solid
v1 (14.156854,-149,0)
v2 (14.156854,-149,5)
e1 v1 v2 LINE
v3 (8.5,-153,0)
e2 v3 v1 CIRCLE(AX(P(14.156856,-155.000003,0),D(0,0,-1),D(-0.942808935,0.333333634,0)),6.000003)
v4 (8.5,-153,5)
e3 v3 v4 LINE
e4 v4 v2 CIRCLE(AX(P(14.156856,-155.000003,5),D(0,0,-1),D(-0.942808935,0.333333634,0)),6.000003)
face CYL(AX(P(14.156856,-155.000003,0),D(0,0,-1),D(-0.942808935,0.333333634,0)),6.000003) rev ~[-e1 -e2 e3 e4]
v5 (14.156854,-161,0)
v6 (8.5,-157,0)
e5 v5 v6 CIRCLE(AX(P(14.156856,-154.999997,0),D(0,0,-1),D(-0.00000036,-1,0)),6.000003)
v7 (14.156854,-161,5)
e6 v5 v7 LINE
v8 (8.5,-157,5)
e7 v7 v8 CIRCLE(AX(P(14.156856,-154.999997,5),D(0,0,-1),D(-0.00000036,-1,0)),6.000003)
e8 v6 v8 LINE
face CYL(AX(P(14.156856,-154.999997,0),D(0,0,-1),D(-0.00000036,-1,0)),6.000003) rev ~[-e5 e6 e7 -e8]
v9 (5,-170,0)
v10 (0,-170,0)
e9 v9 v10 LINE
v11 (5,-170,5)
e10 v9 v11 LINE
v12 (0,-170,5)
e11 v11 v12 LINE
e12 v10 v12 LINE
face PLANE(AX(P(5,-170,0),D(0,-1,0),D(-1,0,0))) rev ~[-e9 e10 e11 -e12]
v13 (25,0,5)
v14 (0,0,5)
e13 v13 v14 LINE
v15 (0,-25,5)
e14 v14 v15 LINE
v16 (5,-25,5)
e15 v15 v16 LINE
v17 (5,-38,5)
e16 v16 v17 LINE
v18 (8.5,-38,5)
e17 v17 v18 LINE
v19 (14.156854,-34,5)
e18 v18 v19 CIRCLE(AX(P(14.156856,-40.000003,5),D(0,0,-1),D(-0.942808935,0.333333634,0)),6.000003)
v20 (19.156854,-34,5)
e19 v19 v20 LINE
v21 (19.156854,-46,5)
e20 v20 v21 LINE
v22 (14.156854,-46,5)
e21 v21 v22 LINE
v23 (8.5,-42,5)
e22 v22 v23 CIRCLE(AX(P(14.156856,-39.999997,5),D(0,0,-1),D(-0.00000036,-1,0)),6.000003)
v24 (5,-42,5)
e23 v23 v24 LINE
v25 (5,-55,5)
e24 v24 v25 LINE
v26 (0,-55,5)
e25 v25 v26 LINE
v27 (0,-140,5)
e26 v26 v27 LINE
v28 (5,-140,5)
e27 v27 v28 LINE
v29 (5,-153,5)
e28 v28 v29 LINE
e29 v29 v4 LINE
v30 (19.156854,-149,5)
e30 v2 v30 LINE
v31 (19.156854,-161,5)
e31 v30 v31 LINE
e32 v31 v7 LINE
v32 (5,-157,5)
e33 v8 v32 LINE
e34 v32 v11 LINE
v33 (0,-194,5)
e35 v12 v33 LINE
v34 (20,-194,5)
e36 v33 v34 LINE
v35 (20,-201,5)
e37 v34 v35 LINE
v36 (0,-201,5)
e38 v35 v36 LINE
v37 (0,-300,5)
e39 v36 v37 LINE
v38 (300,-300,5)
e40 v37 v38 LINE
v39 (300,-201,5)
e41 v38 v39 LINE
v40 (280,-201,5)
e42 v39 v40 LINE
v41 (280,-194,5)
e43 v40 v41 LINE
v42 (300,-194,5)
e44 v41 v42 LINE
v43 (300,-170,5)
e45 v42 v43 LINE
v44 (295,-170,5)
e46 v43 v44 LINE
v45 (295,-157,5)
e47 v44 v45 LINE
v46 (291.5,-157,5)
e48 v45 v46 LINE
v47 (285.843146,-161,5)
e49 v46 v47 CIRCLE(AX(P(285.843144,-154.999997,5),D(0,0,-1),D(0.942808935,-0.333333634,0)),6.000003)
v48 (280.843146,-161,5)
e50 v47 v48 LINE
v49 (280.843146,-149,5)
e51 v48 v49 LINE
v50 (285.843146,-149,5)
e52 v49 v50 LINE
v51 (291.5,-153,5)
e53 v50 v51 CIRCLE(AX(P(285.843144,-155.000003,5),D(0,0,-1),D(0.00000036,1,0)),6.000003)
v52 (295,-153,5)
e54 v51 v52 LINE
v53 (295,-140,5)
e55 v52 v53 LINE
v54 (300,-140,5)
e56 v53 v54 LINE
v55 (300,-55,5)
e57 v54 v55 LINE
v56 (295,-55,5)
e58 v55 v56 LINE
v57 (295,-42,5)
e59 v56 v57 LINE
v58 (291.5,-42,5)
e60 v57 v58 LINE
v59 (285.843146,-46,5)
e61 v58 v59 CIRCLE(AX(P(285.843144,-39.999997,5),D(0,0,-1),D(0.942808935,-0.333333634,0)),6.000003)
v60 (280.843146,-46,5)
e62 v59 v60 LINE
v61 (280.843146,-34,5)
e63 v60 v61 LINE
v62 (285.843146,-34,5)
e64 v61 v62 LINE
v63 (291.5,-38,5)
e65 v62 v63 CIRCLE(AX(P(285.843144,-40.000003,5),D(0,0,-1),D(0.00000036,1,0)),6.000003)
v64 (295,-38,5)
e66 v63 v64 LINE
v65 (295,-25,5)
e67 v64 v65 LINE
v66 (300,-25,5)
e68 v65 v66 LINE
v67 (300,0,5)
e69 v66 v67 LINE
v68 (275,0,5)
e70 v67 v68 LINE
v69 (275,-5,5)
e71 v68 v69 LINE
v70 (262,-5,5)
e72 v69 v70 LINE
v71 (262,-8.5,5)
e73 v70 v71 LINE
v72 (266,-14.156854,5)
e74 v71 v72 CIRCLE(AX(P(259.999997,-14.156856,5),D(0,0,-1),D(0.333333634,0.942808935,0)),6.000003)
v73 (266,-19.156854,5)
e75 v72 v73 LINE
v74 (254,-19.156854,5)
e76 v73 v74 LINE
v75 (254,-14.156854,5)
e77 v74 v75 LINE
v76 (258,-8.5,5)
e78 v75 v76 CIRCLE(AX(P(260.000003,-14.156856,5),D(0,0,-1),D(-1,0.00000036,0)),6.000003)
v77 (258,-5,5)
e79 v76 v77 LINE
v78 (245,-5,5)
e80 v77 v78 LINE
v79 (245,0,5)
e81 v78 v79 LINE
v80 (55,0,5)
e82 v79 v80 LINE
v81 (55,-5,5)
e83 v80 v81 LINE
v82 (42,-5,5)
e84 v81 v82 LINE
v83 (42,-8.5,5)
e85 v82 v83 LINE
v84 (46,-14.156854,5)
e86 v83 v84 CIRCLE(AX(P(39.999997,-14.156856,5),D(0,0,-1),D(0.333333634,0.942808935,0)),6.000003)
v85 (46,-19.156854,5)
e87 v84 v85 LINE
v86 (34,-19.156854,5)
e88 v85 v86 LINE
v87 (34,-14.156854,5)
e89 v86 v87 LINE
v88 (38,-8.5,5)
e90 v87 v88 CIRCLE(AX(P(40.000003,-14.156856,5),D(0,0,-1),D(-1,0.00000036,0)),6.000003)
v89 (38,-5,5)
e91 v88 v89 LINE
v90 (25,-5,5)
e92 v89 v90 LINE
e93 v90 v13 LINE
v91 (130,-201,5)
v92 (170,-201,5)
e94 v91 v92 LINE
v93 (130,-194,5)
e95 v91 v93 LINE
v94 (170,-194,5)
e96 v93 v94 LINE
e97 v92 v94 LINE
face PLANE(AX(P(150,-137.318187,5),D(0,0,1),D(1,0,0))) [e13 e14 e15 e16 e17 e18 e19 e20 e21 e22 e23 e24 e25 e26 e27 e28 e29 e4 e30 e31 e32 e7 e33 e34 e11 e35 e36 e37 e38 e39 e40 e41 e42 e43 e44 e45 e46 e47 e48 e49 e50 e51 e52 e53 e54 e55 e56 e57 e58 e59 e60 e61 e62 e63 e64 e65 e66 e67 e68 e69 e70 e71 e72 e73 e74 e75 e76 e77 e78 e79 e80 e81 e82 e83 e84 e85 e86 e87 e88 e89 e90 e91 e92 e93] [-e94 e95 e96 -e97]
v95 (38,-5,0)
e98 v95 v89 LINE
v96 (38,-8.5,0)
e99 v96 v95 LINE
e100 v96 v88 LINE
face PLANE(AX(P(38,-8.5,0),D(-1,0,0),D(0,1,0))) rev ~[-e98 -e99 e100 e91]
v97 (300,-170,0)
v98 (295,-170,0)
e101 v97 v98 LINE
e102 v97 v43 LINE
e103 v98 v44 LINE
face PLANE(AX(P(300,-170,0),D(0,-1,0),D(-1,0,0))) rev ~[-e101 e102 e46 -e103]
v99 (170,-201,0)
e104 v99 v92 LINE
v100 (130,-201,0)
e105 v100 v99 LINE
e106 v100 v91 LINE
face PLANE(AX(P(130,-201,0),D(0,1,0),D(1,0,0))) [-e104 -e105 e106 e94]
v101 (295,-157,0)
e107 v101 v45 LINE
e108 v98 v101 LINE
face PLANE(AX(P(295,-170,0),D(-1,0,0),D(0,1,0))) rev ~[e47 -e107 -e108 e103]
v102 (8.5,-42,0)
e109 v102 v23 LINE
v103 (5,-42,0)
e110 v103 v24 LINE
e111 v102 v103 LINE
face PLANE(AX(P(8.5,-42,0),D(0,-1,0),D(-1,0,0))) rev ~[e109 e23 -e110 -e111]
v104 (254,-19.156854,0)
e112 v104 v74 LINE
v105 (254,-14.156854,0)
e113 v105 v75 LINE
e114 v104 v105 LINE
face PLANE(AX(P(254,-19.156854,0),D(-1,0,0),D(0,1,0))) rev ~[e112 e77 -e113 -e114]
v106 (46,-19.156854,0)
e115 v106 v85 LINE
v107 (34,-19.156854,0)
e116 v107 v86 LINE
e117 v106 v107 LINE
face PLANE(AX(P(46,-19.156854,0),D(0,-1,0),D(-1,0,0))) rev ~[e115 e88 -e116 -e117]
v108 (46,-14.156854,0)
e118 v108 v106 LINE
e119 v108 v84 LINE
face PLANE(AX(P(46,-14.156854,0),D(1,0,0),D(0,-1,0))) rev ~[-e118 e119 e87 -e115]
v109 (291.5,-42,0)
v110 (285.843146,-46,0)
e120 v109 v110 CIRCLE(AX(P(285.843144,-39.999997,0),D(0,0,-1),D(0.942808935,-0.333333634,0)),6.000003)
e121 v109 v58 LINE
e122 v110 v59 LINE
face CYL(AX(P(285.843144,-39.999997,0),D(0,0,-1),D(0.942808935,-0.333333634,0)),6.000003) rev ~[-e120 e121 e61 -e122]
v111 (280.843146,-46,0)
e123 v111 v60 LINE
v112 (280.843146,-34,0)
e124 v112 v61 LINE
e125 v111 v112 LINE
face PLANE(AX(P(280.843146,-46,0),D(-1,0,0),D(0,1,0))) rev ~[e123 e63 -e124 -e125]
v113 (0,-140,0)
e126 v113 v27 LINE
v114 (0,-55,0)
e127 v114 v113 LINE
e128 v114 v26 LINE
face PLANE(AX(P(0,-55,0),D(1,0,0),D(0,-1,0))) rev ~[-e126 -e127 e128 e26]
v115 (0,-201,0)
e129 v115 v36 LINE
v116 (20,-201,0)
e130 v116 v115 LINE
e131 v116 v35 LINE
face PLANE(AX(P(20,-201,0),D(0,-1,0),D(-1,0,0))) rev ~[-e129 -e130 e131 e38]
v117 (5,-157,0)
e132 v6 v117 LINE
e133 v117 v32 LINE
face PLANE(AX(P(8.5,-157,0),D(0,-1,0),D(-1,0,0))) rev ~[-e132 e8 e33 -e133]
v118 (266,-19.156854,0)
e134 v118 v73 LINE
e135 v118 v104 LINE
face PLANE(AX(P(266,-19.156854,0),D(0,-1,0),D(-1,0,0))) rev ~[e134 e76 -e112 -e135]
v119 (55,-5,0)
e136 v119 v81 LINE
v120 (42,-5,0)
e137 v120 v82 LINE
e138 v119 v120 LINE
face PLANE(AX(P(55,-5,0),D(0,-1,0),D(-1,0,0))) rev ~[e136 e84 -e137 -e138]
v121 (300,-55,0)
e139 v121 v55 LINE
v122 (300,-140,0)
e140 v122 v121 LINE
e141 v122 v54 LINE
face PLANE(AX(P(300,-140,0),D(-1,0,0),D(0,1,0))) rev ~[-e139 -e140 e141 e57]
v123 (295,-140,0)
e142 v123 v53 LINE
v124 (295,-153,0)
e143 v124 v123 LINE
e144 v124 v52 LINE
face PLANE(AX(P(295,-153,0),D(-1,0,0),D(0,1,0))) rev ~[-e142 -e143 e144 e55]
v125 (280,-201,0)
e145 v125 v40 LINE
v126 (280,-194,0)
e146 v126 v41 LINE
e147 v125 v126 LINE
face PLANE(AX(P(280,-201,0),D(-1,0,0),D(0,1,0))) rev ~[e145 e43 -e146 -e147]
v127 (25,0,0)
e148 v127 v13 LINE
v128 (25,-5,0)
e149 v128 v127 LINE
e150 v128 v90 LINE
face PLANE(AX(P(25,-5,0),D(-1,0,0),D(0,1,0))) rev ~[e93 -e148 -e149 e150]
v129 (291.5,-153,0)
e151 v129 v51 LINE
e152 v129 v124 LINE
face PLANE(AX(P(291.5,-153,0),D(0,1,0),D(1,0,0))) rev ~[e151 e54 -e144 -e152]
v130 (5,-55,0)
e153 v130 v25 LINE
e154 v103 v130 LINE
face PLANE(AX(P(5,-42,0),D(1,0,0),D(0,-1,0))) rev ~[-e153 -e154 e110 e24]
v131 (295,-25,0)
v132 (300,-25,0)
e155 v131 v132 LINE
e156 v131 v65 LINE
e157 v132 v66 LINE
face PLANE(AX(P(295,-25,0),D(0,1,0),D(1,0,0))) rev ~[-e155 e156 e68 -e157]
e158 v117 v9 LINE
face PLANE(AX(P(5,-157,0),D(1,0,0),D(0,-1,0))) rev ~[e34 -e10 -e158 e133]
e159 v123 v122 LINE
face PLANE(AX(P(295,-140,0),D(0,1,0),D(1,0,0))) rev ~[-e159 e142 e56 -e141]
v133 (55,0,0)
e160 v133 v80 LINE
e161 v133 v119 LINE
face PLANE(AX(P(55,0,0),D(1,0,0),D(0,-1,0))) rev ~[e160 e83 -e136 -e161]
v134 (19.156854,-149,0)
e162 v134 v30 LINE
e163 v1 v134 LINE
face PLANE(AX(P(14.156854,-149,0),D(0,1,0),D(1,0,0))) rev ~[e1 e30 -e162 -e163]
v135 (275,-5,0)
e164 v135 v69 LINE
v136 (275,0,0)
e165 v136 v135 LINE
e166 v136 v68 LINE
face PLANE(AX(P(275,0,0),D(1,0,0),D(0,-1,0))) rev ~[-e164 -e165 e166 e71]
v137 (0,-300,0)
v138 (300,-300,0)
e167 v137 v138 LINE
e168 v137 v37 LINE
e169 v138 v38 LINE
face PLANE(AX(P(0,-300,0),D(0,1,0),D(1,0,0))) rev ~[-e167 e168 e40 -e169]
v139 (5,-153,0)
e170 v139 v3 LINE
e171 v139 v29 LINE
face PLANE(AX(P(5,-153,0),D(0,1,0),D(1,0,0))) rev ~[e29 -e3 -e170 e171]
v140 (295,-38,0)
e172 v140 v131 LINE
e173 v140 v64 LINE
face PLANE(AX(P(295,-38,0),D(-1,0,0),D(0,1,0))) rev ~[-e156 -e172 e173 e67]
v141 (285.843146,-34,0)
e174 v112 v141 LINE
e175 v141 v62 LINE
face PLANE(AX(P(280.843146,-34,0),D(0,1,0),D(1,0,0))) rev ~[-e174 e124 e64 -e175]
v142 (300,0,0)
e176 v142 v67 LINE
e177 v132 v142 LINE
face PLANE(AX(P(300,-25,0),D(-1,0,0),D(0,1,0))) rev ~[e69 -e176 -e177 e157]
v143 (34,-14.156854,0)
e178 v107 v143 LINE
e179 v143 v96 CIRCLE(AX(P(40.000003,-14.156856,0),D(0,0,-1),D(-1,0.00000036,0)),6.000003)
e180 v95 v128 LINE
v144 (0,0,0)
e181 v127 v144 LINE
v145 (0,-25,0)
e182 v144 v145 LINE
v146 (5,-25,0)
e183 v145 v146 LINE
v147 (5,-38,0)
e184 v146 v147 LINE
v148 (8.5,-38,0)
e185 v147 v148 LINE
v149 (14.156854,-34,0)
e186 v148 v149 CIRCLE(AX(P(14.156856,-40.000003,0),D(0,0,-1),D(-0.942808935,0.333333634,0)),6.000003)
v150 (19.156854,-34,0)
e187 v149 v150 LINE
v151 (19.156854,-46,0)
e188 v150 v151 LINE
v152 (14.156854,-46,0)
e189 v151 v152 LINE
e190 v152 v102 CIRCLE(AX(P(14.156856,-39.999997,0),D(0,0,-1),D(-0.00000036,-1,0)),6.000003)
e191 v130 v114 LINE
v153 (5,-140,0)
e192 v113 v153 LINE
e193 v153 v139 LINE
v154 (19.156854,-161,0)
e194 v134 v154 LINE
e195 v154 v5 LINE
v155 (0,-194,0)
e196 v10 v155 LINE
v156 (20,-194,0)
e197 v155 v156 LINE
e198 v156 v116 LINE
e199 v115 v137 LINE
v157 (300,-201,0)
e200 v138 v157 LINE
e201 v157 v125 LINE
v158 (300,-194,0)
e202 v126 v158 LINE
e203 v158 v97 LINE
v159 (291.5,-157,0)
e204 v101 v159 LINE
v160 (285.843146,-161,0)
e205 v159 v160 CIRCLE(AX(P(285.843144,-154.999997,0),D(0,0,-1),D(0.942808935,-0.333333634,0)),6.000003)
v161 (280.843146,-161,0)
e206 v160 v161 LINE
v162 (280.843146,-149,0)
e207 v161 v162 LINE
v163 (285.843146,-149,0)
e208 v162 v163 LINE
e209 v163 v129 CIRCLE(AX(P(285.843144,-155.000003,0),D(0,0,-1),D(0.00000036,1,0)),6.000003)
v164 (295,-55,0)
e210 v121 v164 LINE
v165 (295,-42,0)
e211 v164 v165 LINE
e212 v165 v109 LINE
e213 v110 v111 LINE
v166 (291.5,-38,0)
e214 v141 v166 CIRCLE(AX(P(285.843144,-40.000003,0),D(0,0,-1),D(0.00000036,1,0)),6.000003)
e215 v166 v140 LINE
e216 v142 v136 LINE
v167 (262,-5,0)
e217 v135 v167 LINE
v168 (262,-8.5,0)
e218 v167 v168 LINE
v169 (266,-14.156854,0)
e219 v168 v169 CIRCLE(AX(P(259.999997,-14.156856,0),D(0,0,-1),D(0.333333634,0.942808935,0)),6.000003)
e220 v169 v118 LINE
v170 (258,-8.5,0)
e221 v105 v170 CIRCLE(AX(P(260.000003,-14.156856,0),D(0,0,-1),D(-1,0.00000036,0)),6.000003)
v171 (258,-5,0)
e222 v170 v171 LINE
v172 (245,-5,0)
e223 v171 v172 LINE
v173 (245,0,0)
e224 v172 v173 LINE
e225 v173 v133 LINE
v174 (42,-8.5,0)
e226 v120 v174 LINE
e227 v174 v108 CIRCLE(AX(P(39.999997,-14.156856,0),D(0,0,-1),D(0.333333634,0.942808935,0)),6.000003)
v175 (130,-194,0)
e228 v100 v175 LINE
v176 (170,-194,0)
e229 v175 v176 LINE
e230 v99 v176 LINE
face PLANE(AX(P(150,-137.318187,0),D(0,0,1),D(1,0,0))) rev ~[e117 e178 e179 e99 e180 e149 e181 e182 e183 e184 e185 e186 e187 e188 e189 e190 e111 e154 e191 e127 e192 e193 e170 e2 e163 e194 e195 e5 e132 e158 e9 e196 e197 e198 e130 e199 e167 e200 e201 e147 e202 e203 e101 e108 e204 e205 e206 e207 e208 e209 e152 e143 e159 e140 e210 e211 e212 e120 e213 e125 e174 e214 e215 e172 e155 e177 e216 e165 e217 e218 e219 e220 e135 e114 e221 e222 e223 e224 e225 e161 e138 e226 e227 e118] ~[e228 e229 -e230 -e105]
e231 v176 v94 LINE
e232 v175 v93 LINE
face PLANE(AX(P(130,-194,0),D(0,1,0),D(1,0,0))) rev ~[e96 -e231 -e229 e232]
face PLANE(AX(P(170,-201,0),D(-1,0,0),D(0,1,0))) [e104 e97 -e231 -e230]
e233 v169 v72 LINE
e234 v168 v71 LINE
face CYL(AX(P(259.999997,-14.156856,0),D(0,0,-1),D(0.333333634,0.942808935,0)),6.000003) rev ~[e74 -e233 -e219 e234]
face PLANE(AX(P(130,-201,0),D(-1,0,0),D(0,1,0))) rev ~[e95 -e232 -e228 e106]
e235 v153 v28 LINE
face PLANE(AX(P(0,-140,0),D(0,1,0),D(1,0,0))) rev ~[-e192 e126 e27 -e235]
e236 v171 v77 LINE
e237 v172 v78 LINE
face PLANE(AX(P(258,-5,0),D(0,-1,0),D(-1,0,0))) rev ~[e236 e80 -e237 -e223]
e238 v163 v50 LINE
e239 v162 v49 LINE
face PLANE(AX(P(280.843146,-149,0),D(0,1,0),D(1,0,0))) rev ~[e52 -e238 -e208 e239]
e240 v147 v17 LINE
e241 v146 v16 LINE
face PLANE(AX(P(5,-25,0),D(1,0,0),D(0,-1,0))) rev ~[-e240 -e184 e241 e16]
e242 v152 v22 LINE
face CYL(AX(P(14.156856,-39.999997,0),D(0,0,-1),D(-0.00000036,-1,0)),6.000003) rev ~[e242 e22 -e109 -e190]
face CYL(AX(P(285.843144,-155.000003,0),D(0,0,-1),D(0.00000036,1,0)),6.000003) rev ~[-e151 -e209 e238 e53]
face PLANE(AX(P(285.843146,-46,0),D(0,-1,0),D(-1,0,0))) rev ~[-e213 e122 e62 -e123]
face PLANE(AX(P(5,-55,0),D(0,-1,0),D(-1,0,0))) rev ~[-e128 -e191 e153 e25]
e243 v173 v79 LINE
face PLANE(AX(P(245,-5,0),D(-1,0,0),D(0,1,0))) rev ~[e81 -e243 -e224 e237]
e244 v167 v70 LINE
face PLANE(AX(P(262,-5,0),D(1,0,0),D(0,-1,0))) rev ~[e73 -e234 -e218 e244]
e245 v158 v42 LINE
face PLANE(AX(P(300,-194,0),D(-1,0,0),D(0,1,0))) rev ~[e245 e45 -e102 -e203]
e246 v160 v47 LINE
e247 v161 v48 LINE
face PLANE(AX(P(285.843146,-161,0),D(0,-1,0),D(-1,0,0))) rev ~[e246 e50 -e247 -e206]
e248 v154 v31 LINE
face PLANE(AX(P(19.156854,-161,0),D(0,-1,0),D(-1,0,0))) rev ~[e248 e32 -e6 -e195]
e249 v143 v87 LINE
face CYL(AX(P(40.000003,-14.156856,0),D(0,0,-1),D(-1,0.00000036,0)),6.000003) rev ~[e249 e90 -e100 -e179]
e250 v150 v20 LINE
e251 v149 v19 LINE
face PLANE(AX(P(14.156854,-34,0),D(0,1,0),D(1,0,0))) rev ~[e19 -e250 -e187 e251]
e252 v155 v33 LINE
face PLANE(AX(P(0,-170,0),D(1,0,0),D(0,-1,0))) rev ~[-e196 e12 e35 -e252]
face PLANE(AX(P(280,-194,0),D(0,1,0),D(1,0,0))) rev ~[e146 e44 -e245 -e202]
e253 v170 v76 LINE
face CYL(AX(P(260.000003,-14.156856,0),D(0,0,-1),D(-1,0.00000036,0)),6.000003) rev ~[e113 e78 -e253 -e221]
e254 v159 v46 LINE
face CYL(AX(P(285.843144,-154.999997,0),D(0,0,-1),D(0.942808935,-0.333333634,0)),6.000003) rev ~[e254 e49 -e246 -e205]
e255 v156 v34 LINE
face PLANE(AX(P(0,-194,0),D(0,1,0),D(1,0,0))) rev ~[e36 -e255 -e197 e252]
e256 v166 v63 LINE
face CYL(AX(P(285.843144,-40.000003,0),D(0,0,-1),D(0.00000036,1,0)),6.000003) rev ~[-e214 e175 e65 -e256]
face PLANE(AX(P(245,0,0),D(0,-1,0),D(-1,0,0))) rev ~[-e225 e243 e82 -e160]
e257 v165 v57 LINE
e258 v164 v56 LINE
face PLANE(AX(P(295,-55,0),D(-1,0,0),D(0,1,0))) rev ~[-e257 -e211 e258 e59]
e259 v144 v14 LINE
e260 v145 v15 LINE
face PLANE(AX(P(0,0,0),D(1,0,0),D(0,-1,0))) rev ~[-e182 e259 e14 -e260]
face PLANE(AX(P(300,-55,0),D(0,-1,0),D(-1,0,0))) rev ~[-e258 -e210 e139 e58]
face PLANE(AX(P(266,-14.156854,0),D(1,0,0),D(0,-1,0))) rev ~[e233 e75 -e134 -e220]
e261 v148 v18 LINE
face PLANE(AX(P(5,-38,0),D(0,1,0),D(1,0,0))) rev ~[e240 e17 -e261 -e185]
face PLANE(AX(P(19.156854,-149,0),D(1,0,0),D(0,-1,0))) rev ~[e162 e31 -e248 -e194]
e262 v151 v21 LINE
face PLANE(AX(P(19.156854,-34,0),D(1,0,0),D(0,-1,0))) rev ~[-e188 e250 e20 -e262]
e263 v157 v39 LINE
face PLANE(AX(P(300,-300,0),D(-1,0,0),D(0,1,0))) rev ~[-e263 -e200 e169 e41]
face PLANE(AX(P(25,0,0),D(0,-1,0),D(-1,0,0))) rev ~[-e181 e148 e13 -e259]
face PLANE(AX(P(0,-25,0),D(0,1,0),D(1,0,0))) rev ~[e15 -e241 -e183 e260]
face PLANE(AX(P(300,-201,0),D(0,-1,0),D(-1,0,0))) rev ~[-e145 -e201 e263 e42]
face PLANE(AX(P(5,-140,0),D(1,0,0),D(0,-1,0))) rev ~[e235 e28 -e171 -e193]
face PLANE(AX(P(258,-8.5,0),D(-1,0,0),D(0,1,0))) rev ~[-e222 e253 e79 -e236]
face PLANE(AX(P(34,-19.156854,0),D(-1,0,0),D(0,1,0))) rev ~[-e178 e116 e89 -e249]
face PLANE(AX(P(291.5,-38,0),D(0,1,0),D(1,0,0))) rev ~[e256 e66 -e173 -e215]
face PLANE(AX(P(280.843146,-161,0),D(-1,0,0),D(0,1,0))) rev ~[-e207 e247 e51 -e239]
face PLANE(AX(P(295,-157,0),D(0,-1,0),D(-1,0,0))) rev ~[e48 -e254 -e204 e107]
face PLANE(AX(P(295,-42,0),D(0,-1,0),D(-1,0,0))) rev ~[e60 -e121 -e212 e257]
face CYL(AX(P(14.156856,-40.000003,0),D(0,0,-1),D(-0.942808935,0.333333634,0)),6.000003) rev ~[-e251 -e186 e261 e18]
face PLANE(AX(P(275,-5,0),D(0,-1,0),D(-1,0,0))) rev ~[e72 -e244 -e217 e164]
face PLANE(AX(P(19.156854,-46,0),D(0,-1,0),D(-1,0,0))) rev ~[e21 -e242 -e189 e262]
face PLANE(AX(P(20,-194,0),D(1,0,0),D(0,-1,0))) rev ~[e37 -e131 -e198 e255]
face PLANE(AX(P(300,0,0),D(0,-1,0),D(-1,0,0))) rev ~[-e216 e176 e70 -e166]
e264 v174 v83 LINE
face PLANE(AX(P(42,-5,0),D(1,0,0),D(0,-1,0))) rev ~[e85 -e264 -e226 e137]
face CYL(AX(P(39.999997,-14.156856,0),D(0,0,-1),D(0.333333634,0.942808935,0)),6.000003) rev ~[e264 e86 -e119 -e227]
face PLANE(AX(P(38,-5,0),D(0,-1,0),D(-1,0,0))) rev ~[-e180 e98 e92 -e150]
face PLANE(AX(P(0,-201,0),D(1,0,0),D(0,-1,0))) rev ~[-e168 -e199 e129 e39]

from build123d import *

# Parameters (mm, degrees)
F0_W     = 40
F0_H     = 7
F1_DEPTH = 5


with BuildPart() as f1:
    # F0 (on Top) → F1 (new body)
    with BuildSketch(Plane.XY):
        with BuildLine():
            Line((25, 0), (0, 0))
            Line((0, 0), (0, -25))
            Line((0, -25), (5, -25))
            Line((5, -25), (5, -38))
            Line((5, -38), (8.5, -38))
            ThreePointArc((8.5, -38), (10.692753, -35.101021), (14.156854, -34))
            Line((14.156854, -34), (19.156854, -34))
            Line((19.156854, -34), (19.156854, -46))
            Line((19.156854, -46), (14.156854, -46))
            ThreePointArc((14.156854, -46), (10.692753, -44.898979), (8.5, -42))
            Line((8.5, -42), (5, -42))
            Line((5, -42), (5, -55))
            Line((5, -55), (0, -55))
            Line((0, -55), (0, -140))
            Line((0, -140), (5, -140))
            Line((5, -140), (5, -153))
            Line((5, -153), (8.5, -153))
            ThreePointArc((8.5, -153), (10.692753, -150.101021), (14.156854, -149))
            Line((14.156854, -149), (19.156854, -149))
            Line((19.156854, -149), (19.156854, -161))
            Line((19.156854, -161), (14.156854, -161))
            ThreePointArc((14.156854, -161), (10.692753, -159.898979), (8.5, -157))
            Line((8.5, -157), (5, -157))
            Line((5, -157), (5, -170))
            Line((5, -170), (0, -170))
            Line((0, -170), (0, -194))
            Line((0, -194), (20, -194))
            Line((20, -194), (20, -201))
            Line((20, -201), (0, -201))
            Line((0, -201), (0, -300))
            Line((0, -300), (300, -300))
            Line((300, -300), (300, -201))
            Line((300, -201), (280, -201))
            Line((280, -201), (280, -194))
            Line((280, -194), (300, -194))
            Line((300, -194), (300, -170))
            Line((300, -170), (295, -170))
            Line((295, -170), (295, -157))
            Line((295, -157), (291.5, -157))
            ThreePointArc((291.5, -157), (289.307247, -159.898979), (285.843146, -161))
            Line((285.843146, -161), (280.843146, -161))
            Line((280.843146, -161), (280.843146, -149))
            Line((280.843146, -149), (285.843146, -149))
            ThreePointArc((285.843146, -149), (289.307247, -150.101021), (291.5, -153))
            Line((291.5, -153), (295, -153))
            Line((295, -153), (295, -140))
            Line((295, -140), (300, -140))
            Line((300, -140), (300, -55))
            Line((300, -55), (295, -55))
            Line((295, -55), (295, -42))
            Line((295, -42), (291.5, -42))
            ThreePointArc((291.5, -42), (289.307247, -44.898979), (285.843146, -46))
            Line((285.843146, -46), (280.843146, -46))
            Line((280.843146, -46), (280.843146, -34))
            Line((280.843146, -34), (285.843146, -34))
            ThreePointArc((285.843146, -34), (289.307247, -35.101021), (291.5, -38))
            Line((291.5, -38), (295, -38))
            Line((295, -38), (295, -25))
            Line((295, -25), (300, -25))
            Line((300, -25), (300, 0))
            Line((300, 0), (275, 0))
            Line((275, 0), (275, -5))
            Line((275, -5), (262, -5))
            Line((262, -5), (262, -8.5))
            ThreePointArc((262, -8.5), (264.898979, -10.692753), (266, -14.156854))
            Line((266, -14.156854), (266, -19.156854))
            Line((266, -19.156854), (254, -19.156854))
            Line((254, -19.156854), (254, -14.156854))
            ThreePointArc((254, -14.156854), (255.101021, -10.692753), (258, -8.5))
            Line((258, -8.5), (258, -5))
            Line((258, -5), (245, -5))
            Line((245, -5), (245, 0))
            Line((245, 0), (55, 0))
            Line((55, 0), (55, -5))
            Line((55, -5), (42, -5))
            Line((42, -5), (42, -8.5))
            ThreePointArc((42, -8.5), (44.898979, -10.692753), (46, -14.156854))
            Line((46, -14.156854), (46, -19.156854))
            Line((46, -19.156854), (34, -19.156854))
            Line((34, -19.156854), (34, -14.156854))
            ThreePointArc((34, -14.156854), (35.101021, -10.692753), (38, -8.5))
            Line((38, -8.5), (38, -5))
            Line((38, -5), (25, -5))
            Line((25, -5), (25, 0))
        make_face()
        with Locations((150, -197.5)):
            Rectangle(F0_W, F0_H, mode=Mode.SUBTRACT)
    extrude(amount=F1_DEPTH)


solid = f1.part
